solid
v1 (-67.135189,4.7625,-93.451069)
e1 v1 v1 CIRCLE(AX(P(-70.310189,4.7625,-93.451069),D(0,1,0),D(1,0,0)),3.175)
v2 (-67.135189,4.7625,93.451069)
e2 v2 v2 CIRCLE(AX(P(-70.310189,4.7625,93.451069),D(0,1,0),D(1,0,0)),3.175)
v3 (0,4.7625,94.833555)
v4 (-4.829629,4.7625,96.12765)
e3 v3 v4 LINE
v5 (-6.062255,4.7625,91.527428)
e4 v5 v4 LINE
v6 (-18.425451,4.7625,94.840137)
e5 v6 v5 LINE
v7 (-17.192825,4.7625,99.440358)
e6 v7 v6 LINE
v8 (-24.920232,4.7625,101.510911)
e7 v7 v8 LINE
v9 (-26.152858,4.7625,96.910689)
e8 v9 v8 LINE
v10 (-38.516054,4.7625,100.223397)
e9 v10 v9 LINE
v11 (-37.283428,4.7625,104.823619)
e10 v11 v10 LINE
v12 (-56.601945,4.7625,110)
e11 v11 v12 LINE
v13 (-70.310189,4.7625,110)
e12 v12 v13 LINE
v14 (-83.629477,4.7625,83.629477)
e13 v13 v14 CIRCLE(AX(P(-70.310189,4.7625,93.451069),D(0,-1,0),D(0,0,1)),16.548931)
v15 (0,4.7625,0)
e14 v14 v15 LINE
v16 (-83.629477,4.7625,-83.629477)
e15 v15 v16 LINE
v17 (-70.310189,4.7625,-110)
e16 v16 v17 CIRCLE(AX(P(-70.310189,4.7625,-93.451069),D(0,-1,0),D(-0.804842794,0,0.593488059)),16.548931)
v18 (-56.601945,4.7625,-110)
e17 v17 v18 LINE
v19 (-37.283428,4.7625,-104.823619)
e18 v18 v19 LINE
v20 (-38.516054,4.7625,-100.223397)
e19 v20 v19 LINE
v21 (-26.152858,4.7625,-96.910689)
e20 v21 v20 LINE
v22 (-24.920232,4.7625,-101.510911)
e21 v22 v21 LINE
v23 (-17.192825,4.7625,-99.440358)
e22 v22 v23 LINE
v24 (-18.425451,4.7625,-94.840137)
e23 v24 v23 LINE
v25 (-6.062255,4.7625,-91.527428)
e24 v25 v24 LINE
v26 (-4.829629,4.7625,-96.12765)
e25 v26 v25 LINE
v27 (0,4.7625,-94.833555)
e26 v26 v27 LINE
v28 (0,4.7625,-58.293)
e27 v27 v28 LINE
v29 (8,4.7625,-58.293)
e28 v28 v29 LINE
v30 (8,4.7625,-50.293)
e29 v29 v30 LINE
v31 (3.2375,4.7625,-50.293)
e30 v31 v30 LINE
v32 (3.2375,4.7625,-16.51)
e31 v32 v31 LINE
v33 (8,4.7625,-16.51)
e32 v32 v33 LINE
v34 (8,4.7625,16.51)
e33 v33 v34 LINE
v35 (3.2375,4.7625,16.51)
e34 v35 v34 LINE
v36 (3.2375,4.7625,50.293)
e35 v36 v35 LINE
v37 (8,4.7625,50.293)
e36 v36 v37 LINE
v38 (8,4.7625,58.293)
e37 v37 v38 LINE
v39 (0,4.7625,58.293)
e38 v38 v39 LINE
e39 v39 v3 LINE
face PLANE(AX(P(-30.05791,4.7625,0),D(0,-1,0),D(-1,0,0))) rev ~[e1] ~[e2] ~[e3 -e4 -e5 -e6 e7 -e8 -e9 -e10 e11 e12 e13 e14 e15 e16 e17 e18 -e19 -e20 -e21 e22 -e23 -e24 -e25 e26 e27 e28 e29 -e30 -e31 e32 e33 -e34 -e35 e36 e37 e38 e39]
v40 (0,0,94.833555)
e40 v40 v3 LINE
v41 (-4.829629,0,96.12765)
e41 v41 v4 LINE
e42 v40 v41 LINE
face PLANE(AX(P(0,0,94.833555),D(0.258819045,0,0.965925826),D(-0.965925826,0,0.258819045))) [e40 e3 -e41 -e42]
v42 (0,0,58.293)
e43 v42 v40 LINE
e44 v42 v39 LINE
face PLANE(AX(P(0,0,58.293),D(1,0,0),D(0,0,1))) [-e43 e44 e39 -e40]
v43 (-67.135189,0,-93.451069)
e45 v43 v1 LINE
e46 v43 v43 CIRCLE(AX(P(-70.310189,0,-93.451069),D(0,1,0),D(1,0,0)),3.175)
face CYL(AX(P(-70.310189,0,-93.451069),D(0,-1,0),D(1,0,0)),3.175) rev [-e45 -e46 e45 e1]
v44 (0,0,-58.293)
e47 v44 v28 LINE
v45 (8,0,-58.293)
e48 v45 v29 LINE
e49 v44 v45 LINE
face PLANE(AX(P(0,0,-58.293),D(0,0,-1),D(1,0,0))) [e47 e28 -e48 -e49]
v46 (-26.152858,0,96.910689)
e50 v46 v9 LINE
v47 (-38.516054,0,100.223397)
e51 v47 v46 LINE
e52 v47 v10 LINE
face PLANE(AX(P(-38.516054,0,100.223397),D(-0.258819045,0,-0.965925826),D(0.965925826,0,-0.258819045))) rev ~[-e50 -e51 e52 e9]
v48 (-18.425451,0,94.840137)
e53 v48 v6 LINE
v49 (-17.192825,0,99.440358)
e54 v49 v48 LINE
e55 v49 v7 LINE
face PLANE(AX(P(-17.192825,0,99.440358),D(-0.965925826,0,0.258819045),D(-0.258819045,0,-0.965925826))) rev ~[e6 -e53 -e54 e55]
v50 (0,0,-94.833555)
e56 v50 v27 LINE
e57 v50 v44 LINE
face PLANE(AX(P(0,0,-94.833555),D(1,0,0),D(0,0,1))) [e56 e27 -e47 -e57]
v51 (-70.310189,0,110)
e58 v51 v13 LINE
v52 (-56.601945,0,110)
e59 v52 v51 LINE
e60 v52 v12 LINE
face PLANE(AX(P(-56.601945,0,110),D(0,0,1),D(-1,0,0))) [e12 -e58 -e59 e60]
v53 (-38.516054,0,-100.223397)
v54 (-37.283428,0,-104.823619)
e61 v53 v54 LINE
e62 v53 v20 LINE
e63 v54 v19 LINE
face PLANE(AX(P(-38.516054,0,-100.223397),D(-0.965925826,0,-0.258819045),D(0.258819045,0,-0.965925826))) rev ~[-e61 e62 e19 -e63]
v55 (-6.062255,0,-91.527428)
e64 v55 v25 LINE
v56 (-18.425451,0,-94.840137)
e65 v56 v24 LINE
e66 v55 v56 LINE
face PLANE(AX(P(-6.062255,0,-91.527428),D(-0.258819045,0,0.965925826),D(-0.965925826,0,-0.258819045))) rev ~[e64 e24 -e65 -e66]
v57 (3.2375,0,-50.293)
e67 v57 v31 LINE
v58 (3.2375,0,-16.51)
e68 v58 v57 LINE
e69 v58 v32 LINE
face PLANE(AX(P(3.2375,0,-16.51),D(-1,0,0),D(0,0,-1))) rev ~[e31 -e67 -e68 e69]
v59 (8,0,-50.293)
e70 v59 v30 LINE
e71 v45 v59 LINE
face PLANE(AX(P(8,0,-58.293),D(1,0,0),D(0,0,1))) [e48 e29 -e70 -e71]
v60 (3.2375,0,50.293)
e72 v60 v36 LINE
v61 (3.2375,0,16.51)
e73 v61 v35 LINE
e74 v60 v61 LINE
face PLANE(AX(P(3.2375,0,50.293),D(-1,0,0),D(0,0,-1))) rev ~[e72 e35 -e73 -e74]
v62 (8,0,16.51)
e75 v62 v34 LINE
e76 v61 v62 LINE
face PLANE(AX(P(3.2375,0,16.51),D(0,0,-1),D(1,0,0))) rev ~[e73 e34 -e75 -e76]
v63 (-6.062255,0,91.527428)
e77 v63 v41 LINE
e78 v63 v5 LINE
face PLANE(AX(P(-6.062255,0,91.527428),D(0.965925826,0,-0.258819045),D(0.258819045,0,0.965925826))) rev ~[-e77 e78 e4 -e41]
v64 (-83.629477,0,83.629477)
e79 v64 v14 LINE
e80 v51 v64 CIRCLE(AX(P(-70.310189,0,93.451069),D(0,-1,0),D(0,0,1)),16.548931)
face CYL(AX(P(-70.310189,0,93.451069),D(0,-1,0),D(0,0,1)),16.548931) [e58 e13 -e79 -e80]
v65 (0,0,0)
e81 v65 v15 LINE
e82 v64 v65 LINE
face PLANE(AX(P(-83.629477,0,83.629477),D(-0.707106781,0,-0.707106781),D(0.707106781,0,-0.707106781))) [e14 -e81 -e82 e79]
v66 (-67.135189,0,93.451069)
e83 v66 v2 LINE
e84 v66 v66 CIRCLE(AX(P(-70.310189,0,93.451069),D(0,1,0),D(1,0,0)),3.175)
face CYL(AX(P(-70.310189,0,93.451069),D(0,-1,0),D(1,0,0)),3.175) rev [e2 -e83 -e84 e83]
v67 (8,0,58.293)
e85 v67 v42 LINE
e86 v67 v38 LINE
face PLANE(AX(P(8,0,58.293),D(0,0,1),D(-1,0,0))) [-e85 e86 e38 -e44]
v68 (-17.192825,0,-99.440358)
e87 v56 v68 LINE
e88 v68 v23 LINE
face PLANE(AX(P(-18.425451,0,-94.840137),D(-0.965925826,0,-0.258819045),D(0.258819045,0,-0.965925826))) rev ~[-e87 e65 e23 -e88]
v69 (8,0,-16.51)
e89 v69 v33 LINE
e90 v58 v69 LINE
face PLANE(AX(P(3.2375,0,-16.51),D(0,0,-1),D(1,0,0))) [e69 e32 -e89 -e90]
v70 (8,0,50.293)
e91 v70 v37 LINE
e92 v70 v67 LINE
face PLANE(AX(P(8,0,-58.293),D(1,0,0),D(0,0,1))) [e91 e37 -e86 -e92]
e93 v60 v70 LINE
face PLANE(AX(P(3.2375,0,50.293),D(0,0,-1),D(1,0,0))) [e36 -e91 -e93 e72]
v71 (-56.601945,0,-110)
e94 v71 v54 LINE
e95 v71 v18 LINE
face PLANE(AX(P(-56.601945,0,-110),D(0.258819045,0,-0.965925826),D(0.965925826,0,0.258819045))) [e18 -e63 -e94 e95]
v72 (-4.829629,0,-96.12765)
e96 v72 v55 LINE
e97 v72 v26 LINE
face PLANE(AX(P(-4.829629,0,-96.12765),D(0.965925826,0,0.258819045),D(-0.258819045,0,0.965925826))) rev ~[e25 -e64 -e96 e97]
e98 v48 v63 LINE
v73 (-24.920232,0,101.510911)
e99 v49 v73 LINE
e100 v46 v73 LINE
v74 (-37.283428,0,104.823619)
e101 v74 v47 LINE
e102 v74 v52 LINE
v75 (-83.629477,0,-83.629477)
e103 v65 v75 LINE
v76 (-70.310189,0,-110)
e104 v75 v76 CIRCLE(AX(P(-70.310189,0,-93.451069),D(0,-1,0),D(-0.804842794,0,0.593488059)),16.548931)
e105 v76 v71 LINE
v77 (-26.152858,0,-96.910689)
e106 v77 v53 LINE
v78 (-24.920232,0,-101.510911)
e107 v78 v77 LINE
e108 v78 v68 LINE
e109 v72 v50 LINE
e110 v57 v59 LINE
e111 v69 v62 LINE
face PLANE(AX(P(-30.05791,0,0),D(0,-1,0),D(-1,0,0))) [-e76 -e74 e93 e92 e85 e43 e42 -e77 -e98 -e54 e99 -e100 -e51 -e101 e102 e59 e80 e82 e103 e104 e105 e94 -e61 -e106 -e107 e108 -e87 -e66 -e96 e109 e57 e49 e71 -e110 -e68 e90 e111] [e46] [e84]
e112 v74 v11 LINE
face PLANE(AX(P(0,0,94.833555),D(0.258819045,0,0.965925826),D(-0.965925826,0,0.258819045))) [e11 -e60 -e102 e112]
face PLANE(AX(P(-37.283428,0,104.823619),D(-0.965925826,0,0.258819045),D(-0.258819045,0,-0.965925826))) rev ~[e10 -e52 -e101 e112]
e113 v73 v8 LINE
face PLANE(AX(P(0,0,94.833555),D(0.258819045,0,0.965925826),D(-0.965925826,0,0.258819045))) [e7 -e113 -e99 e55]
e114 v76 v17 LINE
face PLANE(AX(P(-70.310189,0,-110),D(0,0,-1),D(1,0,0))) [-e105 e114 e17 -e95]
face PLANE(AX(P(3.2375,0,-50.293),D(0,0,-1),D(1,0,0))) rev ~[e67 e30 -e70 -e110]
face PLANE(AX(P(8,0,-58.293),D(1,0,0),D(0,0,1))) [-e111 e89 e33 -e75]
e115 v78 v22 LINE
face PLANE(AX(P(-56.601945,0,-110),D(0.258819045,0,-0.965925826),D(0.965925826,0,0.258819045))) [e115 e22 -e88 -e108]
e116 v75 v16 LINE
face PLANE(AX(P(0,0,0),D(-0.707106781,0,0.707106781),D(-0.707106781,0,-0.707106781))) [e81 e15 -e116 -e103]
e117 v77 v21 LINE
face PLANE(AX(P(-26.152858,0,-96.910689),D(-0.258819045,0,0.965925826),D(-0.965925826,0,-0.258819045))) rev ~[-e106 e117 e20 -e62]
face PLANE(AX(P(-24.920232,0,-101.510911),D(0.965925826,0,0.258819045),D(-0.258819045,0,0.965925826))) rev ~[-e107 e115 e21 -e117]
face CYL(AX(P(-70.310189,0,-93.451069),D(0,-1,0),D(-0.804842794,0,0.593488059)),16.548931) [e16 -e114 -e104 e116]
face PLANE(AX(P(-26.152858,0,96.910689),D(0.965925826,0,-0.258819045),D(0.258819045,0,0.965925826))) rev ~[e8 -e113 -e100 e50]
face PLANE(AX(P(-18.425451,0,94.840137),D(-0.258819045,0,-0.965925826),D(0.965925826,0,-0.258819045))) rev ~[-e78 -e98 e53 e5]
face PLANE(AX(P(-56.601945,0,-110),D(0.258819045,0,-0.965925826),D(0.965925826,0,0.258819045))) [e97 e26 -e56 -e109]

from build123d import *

# Parameters (mm, degrees)
SKETCH1_R           = 3.175
BOSS_EXTRUDE1_DEPTH = 4.7625
SKETCH3_W           = 4.7625
SKETCH3_H           = 33.783
CUT_EXTRUDE2_DEPTH  = 10


with BuildPart() as part:
    # Sketch1 → Boss-Extrude1 (new body)
    with BuildSketch(Plane(origin=(0, 0, 0), x_dir=(1, 0, 0), z_dir=(0, 1, 0))):
        with BuildLine():
            Line((0, 0), (-83.629476528, 83.629476528))
            ThreePointArc((-83.629476528, 83.629476528), (-85.081850373, 100.91197572), (-70.310188895, 110))
            Line((-70.310188895, 110), (-56.601944845, 110))
            Line((-56.601944845, 110), (0, 94.833554589))
            Line((0, 94.833554589), (0, 58.293))
            Line((0, 58.293), (8, 58.293))
            Line((8, 58.293), (8, -58.293))
            Line((8, -58.293), (0, -58.293))
            Line((0, -58.293), (0, -94.833554589))
            Line((0, -94.833554589), (-56.601944845, -110))
            Line((-56.601944845, -110), (-70.310188895, -110))
            ThreePointArc((-70.310188895, -110), (-85.081850373, -100.91197572), (-83.629476528, -83.629476528))
            Line((-83.629476528, -83.629476528), (0, 0))
        make_face()
        with Locations((-70.310188895, 93.451069294)):
            Circle(SKETCH1_R, mode=Mode.SUBTRACT)
        with Locations((-70.310188895, -93.451069294)):
            Circle(SKETCH1_R, mode=Mode.SUBTRACT)
    extrude(amount=BOSS_EXTRUDE1_DEPTH)

    # Sketch3 → Cut-Extrude2 (cut)
    with BuildSketch(Plane(origin=(0, 0, 0), x_dir=(1, 0, 0), z_dir=(0, 1, 0))):
        Polygon((-37.283428319, 104.823619098), (-24.920232031, 101.510910637), (-26.152857733, 96.910688889), (-38.516054022, 100.22339735), align=None)
        Polygon((-17.19282542, 99.440358276), (-4.829629131, 96.127649814), (-6.062254834, 91.527428067), (-18.425451123, 94.840136528), align=None)
        Polygon((-18.425451123, -94.840136528), (-6.062254834, -91.527428067), (-4.829629131, -96.127649814), (-17.19282542, -99.440358276), align=None)
        Polygon((-38.516054022, -100.22339735), (-26.152857733, -96.910688889), (-24.920232031, -101.510910637), (-37.283428319, -104.823619098), align=None)
        with Locations((5.61875, 33.4015)):
            Rectangle(SKETCH3_W, SKETCH3_H)
        with Locations((5.61875, -33.4015)):
            Rectangle(SKETCH3_W, SKETCH3_H)
    extrude(amount=CUT_EXTRUDE2_DEPTH, mode=Mode.SUBTRACT)


solid = part.part
